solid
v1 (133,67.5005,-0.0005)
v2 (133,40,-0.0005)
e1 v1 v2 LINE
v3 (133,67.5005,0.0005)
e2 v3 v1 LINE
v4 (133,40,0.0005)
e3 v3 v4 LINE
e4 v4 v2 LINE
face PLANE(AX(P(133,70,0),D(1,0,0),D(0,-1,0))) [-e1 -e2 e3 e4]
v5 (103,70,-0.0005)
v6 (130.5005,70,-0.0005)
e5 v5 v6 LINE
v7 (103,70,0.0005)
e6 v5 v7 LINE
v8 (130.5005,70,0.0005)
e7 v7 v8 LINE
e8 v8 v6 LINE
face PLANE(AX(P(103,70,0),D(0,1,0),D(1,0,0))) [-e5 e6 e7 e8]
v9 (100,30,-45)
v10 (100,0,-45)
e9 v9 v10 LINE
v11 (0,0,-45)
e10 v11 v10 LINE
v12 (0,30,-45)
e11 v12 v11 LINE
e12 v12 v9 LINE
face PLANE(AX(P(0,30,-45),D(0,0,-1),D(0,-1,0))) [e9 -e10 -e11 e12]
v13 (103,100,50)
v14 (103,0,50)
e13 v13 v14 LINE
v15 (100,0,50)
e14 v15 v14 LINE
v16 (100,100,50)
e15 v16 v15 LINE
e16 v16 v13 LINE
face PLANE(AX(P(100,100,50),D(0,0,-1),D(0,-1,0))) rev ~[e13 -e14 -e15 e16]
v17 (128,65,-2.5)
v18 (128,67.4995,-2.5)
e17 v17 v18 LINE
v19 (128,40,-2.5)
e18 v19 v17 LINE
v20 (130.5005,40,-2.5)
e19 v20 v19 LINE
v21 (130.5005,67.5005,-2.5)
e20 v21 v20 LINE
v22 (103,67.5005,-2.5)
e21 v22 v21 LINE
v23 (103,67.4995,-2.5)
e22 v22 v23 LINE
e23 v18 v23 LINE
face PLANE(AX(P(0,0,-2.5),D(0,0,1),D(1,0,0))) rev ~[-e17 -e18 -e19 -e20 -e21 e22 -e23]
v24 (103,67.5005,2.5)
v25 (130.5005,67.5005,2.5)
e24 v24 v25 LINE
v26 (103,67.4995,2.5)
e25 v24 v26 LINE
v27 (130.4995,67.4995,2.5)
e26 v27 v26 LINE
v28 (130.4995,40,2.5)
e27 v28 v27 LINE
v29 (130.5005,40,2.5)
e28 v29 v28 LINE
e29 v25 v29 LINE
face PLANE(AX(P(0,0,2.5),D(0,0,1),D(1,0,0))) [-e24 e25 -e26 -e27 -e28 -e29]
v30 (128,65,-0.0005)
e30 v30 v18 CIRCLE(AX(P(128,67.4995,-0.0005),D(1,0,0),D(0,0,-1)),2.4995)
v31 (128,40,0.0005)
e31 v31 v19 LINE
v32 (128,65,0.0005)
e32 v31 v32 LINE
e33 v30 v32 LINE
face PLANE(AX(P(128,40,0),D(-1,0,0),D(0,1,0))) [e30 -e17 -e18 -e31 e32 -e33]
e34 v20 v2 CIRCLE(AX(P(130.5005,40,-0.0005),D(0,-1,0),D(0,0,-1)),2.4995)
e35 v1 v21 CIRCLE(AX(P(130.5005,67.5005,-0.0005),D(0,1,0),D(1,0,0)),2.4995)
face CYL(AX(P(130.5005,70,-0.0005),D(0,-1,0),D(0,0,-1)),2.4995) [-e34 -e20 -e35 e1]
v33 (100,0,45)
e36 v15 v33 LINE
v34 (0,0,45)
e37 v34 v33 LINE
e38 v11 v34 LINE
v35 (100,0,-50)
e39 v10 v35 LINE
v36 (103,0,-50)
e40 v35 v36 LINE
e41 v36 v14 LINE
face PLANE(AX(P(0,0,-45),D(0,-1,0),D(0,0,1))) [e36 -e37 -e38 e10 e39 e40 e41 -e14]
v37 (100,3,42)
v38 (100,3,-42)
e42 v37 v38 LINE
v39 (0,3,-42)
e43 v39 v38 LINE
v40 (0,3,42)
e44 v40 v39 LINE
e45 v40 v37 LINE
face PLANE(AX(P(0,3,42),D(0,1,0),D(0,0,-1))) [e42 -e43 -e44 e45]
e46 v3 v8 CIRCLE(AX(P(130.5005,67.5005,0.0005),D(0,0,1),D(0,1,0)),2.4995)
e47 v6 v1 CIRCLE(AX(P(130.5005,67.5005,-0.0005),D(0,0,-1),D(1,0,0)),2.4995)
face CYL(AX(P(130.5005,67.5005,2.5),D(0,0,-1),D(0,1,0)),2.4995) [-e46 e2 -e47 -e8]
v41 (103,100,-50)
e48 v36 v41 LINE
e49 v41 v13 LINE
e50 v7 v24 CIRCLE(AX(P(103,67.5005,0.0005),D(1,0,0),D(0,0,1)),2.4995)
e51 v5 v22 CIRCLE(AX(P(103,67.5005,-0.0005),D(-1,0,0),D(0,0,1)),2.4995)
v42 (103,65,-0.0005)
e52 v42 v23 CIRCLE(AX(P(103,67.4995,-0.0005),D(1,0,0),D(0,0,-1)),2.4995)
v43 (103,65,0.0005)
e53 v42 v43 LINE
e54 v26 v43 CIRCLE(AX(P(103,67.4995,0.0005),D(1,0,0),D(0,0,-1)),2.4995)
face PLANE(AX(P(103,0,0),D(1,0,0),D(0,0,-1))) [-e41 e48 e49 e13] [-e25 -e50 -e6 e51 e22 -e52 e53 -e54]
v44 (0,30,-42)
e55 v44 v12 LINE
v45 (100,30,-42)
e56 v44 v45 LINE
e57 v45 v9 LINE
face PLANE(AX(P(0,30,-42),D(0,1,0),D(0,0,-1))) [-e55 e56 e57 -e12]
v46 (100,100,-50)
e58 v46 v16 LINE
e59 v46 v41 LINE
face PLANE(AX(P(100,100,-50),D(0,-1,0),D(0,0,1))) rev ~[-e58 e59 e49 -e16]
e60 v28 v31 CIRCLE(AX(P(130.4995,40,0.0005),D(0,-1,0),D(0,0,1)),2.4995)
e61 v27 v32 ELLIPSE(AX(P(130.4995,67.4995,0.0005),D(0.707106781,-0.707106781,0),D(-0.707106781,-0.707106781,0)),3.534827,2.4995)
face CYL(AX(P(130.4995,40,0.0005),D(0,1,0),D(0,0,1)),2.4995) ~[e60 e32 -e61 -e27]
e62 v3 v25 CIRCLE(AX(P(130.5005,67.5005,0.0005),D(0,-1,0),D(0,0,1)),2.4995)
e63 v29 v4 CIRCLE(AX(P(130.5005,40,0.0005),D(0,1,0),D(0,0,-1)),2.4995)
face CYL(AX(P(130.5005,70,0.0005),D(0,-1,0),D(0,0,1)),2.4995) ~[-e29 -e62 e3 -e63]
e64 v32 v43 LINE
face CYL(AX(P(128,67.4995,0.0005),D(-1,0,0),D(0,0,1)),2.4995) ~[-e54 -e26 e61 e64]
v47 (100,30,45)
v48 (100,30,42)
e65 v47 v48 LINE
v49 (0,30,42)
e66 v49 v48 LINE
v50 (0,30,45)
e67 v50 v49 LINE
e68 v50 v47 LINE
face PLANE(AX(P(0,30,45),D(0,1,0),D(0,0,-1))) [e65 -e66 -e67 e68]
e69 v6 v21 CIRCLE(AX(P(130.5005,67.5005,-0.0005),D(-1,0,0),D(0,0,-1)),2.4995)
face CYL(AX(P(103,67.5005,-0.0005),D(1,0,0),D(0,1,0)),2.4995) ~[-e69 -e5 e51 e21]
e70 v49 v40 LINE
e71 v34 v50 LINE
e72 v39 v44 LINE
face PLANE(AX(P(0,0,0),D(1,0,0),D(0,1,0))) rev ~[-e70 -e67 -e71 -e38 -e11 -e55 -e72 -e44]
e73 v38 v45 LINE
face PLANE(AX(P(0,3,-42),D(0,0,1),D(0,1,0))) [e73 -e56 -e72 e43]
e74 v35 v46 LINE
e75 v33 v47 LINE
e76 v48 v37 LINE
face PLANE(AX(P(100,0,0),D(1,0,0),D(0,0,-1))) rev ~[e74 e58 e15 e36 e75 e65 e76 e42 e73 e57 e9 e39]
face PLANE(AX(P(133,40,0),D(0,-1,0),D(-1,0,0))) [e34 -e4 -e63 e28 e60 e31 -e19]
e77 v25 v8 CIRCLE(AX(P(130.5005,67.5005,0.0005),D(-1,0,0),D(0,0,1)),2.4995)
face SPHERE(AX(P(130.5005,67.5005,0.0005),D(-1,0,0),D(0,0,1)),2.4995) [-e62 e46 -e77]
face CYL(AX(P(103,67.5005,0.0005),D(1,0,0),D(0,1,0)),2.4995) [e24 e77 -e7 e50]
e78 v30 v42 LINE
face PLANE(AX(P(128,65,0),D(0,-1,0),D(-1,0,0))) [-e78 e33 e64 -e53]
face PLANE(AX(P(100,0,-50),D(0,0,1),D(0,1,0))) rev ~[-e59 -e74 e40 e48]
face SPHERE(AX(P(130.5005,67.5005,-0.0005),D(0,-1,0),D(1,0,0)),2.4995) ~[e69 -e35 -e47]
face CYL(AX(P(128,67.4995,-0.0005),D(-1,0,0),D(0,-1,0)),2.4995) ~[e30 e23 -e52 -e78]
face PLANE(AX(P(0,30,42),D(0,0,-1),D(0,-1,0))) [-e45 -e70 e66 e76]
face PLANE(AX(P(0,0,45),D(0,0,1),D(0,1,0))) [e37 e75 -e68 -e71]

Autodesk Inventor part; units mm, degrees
ref_plane "YZ Plane" through (0, 0, 0) normal (1, 0, 0) x (0, 1, 0)
ref_plane "XZ Plane" through (0, 0, 0) normal (0, 1, 0) x (-1, 0, 0)
ref_plane "XY Plane" through (0, 0, 0) normal (0, 0, 1) x (1, 0, 0)
sketch "Sketch1" plane through (0, 0, 0) normal (1, 0, 0) x (0, 1, 0)
  line L0 (0, 45) -> (30, 45)
  line L1 (30, 45) -> (30, -45)
  line L2 (30, -45) -> (0, -45)
  line L3 (0, -45) -> (0, 45)
  line L4 (30, 42) -> (3, 42)
  line L5 (3, 42) -> (3, -42)
  line L6 (3, -42) -> (30, -42)
  line L7 (30, -42) -> (30, 42)
  point P0 (0, 0)
  point P1 (30, -42)
  dimension "d0" = 45
  dimension "d1" = 90
  dimension "d2" = 30
  dimension "d3" = 0
  dimension "d4" = 3
  dimension "d5" = 3
  dimension "d6" = 3
extrude "Extrusion1" add sketch "Sketch1" along normal blind 100 contours L0 L1 L4 L5 L6 L2 L3
sketch "Sketch2" plane through (100, 0, 0) normal (1, 0, 0) x (0, 0, -1)
  line L0 (-50, 0) -> (50, 0)
  line L1 (50, 0) -> (50, 100)
  line L2 (50, 100) -> (-50, 100)
  line L3 (-50, 100) -> (-50, 0)
  line L4 (-45, 0) -> (45, 0) projected
  point P0 (0, 0)
  point P1 (0, 0)
  dimension "d9" = 100
  dimension "d10" = 100
extrude "Extrusion2" add sketch "Sketch2" along normal blind 3
sketch "Sketch4" plane through (0, 0, 0) normal (0, 0, 1) x (1, 0, 0)
  line L0 (103, 100) -> (103, 0) projected
  line L1 (103, 70) -> (133, 70)
  line L2 (133, 70) -> (133, 40)
  line L3 (133, 40) -> (128, 40)
  line L4 (128, 40) -> (128, 65)
  line L5 (128, 65) -> (103, 65)
  line L6 (100, 100) -> (103, 100) projected
  point P0 (0, 0)
  point P1 (115.5, 65)
  point P2 (118, 70)
  point P3 (128, 52.5)
  point P4 (101.5, 100)
  dimension "d13" = 5
  dimension "d14" = 5
  dimension "d15" = 30
  dimension "d16" = 30
  dimension "d17" = 30
extrude "Extrusion3" add sketch "Sketch4" along normal mid plane 5
fillet "Fillet1" radius 2.5 8 edges at (118, 70, 2.5) (115.5, 65, 2.5) (133, 55, 2.5) (128, 52.5, 2.5) (133, 55, -2.5) (133, 70, 0) (118, 70, -2.5) (115.5, 65, -2.5)
equation "\"d5\" = d4"
equation "\"d6\" = d4"
equation "\"d10\" = d9"
equation "\"d14\" = d13"
equation "\"d16\" = d15"
properties part number "RS2_AshBucket"
